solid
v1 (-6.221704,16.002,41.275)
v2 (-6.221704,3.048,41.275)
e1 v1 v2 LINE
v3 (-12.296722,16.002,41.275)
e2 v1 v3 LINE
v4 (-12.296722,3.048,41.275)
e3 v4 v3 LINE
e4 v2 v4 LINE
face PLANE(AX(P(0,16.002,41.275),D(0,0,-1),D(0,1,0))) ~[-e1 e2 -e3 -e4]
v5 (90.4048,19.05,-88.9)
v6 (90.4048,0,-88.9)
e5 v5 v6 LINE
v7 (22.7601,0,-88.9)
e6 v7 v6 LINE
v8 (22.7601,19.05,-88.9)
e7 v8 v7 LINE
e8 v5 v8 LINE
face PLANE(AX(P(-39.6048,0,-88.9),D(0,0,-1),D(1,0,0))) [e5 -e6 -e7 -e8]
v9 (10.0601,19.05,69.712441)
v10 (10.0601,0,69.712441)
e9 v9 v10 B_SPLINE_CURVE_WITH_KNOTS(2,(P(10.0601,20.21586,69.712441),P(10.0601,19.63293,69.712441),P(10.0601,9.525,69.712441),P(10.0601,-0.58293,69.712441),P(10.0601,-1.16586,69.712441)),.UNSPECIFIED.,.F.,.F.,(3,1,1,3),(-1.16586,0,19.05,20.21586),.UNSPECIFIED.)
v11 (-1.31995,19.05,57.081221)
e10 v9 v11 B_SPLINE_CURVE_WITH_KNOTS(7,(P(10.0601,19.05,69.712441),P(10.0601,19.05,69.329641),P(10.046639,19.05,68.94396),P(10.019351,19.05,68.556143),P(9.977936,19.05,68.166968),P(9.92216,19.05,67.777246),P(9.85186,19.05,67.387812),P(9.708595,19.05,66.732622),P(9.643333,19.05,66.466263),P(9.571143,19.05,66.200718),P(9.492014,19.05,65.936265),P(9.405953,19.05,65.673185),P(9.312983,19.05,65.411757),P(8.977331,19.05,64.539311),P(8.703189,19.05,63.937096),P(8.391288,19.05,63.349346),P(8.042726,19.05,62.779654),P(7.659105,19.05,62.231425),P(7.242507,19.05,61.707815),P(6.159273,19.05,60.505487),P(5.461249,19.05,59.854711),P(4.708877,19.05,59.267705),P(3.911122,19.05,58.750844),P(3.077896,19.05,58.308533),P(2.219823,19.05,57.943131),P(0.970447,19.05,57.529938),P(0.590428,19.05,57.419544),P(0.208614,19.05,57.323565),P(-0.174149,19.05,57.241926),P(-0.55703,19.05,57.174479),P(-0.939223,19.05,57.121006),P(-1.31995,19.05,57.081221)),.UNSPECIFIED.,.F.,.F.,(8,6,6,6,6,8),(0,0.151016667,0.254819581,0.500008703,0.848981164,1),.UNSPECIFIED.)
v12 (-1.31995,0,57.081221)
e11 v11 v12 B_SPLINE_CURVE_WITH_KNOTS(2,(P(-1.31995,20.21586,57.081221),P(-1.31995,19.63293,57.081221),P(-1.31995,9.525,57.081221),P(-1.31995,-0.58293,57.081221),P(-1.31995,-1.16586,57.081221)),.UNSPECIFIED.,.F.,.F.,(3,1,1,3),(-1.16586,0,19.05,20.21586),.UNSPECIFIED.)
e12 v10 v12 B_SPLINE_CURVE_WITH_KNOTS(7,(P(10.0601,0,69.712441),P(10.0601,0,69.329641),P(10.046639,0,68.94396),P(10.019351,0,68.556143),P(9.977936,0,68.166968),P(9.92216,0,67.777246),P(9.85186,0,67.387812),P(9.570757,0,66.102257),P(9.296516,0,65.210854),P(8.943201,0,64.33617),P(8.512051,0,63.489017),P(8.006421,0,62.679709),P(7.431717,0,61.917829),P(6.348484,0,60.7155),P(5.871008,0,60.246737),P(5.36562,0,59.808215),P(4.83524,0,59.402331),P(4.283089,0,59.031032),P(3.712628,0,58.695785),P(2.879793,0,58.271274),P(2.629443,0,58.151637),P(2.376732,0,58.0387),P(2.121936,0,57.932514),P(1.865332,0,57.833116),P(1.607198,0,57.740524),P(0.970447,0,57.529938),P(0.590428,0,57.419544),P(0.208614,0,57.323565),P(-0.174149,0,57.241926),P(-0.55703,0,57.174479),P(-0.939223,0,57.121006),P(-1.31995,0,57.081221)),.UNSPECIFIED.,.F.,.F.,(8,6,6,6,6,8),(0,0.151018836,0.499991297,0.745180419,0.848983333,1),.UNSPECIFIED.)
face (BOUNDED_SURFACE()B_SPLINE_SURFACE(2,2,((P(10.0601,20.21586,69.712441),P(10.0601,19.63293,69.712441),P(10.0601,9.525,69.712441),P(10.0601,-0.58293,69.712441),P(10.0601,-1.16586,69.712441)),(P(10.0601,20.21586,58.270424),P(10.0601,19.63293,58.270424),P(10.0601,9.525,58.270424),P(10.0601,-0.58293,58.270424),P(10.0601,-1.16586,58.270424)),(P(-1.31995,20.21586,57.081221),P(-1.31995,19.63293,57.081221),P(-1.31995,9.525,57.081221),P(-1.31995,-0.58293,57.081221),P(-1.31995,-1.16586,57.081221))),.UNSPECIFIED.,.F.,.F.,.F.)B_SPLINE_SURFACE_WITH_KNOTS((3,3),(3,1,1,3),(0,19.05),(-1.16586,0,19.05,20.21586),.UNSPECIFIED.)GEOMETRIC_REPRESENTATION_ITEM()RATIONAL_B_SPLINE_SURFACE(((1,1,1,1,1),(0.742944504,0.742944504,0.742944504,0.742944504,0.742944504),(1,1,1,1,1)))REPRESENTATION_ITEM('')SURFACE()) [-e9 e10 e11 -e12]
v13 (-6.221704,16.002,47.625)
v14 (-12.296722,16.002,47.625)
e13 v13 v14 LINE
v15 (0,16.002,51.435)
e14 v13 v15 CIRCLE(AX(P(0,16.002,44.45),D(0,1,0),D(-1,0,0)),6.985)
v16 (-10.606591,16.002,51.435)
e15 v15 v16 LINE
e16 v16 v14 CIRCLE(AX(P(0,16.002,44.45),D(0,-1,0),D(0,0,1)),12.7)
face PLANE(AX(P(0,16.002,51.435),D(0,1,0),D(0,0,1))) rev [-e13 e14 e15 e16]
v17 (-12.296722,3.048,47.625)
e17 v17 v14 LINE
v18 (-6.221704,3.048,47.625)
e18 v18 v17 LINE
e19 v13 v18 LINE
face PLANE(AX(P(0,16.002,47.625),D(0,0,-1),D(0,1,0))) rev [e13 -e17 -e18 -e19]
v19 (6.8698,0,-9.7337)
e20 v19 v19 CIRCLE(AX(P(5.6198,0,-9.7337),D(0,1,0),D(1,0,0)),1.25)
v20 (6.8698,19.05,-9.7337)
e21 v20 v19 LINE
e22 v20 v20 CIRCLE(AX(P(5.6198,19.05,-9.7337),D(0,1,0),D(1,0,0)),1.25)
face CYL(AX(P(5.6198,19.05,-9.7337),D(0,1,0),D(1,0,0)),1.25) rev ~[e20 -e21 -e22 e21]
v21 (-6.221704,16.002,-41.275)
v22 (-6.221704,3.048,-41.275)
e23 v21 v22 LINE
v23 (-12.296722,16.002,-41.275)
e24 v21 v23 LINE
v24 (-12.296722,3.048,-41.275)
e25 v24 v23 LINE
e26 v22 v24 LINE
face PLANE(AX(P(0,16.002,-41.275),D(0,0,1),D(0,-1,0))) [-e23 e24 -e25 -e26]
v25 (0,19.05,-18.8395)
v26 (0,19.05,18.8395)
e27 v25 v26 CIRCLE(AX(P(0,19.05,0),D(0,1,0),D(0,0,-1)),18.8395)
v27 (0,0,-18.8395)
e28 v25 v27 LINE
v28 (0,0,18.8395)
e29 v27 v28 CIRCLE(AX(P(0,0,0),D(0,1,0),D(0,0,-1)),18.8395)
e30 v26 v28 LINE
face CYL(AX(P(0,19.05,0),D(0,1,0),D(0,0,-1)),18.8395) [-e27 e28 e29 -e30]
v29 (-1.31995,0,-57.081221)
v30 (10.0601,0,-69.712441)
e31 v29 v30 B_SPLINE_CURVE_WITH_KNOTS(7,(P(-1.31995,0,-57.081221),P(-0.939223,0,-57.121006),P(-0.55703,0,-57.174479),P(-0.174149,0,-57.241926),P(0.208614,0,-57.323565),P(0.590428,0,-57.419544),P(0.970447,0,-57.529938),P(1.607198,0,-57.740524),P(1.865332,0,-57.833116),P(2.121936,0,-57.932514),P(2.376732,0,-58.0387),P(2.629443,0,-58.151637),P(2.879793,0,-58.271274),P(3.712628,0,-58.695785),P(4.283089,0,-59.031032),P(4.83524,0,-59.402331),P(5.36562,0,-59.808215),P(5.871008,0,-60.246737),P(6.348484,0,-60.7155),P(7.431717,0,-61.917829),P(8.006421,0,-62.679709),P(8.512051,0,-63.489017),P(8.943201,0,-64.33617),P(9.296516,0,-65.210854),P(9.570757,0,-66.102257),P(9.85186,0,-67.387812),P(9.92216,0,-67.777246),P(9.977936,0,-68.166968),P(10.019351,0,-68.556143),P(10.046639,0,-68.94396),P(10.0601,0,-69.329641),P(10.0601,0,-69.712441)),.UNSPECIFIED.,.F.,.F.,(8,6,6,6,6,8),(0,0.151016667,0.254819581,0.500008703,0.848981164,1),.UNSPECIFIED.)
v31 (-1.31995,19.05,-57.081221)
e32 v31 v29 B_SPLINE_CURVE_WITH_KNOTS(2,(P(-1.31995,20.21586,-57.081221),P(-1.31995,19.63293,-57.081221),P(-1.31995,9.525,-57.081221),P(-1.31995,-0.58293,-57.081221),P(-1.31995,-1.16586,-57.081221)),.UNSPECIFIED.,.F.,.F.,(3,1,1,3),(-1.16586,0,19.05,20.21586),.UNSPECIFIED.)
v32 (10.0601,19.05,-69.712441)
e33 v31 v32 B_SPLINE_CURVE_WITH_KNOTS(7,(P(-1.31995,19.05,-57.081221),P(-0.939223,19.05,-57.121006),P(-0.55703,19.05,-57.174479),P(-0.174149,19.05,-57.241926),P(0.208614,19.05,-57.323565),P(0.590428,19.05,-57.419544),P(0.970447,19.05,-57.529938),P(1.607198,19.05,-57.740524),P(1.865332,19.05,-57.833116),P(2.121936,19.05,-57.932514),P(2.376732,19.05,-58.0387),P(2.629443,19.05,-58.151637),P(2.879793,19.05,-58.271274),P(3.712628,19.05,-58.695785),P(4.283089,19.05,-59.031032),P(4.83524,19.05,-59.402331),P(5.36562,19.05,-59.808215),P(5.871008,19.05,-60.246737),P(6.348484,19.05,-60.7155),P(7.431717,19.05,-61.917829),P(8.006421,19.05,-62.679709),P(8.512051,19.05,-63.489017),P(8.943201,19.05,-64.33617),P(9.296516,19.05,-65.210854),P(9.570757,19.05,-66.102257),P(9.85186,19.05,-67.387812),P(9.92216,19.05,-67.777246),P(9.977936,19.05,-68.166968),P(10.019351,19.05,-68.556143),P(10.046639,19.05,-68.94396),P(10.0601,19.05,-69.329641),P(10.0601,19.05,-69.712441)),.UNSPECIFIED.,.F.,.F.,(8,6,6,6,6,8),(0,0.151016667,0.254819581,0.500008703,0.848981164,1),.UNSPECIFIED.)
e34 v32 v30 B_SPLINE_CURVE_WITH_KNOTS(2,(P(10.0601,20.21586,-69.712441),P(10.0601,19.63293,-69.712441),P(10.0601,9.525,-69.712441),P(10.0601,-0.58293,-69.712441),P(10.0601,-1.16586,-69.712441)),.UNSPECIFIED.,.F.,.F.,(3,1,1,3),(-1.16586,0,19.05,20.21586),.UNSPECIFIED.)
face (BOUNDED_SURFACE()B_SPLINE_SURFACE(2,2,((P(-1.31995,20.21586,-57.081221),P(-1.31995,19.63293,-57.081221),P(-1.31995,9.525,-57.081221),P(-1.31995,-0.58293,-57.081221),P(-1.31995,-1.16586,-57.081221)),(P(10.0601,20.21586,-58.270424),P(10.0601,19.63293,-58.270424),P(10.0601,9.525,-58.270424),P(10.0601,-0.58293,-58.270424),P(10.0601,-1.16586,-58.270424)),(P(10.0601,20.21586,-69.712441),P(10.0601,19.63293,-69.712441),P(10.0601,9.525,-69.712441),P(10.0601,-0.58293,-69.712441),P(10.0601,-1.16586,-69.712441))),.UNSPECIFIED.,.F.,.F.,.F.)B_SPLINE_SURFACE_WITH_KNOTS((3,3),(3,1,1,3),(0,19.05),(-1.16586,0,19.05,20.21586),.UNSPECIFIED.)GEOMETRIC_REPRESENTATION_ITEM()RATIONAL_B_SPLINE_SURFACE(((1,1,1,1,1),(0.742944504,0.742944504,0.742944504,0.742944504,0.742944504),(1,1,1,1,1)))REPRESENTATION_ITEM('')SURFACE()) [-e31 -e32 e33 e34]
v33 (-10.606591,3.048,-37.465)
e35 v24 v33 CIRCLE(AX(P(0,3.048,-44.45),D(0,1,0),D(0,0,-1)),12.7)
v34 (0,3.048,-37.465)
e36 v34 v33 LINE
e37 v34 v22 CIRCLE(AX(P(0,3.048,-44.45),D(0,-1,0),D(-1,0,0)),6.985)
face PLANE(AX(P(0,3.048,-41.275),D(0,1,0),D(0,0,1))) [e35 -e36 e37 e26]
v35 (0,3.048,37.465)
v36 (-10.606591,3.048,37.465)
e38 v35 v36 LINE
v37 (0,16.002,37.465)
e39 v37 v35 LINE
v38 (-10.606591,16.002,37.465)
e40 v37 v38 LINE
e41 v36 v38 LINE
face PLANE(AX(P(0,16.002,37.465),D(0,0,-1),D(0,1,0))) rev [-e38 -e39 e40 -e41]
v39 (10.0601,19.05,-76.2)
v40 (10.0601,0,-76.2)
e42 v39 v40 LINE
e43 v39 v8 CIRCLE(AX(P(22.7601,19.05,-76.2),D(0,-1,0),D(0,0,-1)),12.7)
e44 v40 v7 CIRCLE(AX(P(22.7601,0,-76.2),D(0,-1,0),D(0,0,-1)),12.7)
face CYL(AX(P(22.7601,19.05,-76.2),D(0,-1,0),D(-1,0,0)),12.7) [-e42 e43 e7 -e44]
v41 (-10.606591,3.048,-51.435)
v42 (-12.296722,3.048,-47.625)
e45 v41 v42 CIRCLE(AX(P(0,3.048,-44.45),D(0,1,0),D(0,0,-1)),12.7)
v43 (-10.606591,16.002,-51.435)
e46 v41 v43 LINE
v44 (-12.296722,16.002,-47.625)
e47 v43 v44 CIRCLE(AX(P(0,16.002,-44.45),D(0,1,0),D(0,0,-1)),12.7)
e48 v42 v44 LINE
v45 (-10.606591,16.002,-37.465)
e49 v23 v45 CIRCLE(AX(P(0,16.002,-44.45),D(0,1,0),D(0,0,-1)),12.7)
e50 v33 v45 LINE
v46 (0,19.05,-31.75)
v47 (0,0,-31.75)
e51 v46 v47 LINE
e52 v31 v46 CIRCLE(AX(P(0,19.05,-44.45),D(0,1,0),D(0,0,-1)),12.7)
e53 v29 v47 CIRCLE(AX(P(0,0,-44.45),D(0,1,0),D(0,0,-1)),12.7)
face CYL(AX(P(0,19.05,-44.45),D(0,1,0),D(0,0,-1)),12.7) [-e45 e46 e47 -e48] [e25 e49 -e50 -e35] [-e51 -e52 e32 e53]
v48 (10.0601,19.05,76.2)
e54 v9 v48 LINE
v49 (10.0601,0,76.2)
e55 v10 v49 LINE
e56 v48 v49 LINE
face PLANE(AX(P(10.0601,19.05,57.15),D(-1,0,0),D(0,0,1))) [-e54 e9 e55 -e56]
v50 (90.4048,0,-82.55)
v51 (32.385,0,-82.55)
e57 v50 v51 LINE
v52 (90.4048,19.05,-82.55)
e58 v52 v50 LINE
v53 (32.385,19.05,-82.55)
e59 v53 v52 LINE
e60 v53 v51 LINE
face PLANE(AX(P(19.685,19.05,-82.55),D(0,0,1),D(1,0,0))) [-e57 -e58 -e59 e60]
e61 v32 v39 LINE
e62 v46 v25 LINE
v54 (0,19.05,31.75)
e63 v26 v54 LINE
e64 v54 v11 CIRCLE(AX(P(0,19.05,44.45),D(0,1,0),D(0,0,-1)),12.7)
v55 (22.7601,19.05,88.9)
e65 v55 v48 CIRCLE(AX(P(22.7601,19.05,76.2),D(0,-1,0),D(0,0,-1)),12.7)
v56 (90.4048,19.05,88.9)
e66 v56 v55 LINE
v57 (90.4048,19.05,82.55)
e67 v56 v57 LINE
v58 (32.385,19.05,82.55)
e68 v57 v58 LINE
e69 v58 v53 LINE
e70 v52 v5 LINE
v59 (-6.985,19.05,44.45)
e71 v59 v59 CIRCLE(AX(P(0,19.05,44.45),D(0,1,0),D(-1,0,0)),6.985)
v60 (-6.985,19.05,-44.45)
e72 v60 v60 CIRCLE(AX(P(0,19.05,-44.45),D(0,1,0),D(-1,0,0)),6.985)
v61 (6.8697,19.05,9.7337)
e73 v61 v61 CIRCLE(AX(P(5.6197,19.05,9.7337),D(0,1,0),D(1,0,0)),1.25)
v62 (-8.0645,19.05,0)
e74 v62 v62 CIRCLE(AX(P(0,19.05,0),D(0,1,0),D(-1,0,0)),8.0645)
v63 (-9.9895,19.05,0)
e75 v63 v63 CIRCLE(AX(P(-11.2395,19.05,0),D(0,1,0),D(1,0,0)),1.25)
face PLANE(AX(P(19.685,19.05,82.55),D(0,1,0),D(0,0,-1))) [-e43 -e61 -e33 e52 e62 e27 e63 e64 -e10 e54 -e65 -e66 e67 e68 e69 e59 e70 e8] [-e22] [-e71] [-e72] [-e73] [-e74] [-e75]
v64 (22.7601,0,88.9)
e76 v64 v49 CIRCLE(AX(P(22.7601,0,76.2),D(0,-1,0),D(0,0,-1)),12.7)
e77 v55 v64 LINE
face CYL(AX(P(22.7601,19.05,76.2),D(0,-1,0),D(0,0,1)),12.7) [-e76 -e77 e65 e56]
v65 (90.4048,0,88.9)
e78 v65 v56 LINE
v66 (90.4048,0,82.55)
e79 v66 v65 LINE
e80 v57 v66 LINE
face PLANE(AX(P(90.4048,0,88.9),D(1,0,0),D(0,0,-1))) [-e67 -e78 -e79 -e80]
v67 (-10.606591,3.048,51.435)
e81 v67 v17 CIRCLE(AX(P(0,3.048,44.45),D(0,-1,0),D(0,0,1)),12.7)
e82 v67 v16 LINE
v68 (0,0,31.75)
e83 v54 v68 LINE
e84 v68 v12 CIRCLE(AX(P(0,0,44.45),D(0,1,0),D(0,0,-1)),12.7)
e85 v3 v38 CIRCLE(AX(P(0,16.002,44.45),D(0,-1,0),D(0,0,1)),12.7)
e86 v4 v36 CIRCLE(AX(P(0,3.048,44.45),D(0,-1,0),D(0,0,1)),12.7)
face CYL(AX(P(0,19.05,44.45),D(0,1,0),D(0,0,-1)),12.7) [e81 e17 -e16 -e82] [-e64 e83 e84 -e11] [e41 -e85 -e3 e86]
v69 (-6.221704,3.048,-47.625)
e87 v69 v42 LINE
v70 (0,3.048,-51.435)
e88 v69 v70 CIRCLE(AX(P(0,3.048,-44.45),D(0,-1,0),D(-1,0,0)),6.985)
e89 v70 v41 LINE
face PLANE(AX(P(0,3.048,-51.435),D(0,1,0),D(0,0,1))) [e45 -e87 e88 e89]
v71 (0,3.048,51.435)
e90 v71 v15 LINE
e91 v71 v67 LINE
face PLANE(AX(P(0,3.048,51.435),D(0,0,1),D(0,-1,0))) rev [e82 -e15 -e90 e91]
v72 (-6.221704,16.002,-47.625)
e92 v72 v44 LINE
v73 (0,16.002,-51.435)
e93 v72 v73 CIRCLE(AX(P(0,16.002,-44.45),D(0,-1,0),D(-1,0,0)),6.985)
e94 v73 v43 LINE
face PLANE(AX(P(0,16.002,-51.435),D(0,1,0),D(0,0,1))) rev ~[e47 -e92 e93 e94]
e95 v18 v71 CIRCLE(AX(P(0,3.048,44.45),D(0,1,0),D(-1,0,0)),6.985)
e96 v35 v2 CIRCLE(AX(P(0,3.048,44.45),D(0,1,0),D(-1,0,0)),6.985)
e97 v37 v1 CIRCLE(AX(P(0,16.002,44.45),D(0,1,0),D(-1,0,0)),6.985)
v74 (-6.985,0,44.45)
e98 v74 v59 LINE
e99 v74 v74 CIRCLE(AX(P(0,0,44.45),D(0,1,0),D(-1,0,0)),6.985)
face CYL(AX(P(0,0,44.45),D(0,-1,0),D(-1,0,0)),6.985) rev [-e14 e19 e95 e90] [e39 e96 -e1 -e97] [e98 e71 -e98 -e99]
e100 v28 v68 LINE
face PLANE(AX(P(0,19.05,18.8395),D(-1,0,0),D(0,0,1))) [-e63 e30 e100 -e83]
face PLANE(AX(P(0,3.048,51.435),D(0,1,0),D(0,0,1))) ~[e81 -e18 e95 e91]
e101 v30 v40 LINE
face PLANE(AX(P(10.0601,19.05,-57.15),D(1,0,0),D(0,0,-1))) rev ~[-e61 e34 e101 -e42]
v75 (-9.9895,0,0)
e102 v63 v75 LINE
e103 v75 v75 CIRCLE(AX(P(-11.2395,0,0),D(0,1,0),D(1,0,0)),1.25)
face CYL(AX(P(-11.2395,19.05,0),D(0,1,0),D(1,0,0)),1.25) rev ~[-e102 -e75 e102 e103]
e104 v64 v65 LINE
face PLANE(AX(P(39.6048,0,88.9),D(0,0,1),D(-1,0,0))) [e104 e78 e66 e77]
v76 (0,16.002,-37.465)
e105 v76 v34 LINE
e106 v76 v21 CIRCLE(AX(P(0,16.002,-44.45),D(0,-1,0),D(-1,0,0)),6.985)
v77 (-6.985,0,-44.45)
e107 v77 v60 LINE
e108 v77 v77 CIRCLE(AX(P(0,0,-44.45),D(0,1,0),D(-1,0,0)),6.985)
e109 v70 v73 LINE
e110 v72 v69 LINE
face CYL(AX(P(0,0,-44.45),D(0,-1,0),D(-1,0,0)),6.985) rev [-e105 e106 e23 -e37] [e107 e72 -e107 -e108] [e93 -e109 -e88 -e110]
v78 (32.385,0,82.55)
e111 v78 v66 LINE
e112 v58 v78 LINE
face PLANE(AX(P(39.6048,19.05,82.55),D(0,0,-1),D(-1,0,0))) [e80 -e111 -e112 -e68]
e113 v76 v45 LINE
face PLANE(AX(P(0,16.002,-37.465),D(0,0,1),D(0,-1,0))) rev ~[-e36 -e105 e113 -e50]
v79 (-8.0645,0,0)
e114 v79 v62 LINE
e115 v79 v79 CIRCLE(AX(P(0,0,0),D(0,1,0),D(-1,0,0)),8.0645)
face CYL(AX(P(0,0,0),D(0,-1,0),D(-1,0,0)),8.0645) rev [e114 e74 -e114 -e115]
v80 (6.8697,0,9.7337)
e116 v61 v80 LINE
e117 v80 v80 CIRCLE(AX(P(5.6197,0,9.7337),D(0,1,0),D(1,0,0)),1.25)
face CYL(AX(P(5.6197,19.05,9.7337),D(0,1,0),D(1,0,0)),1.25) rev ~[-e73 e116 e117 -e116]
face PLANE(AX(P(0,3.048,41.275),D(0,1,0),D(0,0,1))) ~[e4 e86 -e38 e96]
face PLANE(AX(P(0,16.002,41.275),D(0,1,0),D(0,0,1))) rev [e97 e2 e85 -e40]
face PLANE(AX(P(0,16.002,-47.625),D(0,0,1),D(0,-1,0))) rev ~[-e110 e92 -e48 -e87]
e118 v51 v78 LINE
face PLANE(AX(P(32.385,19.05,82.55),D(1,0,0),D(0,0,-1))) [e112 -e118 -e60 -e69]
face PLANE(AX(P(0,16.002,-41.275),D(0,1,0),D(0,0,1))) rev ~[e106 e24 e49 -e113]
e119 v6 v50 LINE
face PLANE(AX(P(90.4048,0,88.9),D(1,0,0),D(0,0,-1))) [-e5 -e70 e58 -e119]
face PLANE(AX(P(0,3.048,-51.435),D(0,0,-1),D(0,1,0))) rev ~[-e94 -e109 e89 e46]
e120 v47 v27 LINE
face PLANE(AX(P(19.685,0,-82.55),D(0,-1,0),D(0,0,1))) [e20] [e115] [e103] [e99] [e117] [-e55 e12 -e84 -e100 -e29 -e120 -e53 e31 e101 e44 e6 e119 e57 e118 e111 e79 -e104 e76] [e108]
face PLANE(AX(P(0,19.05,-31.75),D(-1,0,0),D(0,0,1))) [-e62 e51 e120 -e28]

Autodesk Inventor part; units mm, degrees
ref_plane "YZ Plane" through (0, 0, 0) normal (1, 0, 0) x (0, 1, 0)
sketch "Sketch1" plane through (0, 0, 0) normal (0, 1, 0) x (-1, 0, 0)
  circle A0 centre (0, 0) radius 8.0645
  circle A1 centre (0, -44.45) radius 6.985
  circle A2 centre (0, 44.45) radius 6.985
  line L0 (-39.6048, 88.9) -> (39.6048, 88.9)
  line L1 (39.6048, 88.9) -> (39.6048, -88.9)
  line L2 (39.6048, -88.9) -> (-39.6048, -88.9)
  line L3 (-39.6048, -88.9) -> (-39.6048, 88.9)
  line L4 (-39.6048, 88.9) -> (39.6048, -88.9) construction
  line L5 (39.6048, 88.9) -> (-39.6048, -88.9) construction
  line L6 (10.9754, 63.5) -> (10.9754, 0) construction
  point P0 (0, 0)
  point P1 (0, 0)
  dimension "d0" = 16.129
  dimension "d1" = 13.97
  dimension "d2" = 13.97
  dimension "d28" = 177.8
  dimension "d82" = 44.45
  dimension "d83" = 44.45
extrude "Extrusion4" add sketch "Sketch1" along normal blind 19.05
ref_plane "Work Plane2" through (0, 19.05, 0) normal (0, 1, 0) x (1, 0, 0)
sketch "Sketch2" plane through (0, 19.05, 0) normal (0, 1, 0) x (1, 0, 0)
  circle A0 centre (-11.2395, 0) radius 1.25
  circle A1 centre (0, 0) radius 7.94 projected
  circle A2 centre (5.6197, -9.7337) radius 1.25
  circle A3 centre (5.6198, 9.7337) radius 1.25
  dimension "d11" = 2.5
  dimension "d12" = 11.2395
  dimension "d15" = 360
ref_plane "Work Plane1" through (0, 19.05, 0) normal (0, 1, 0) x (1, 0, 0)
extrude "Extrusion5" cut sketch "Sketch2" against normal up to next contours A0 | A2 | A3
sketch "Sketch6" plane through (0, 19.05, 0) normal (0, 1, 0) x (1, 0, 0)
  circle A0 centre (0, 0) radius 8.0645 projected
  arc A1 (0, 18.8395) -> (0, -18.8395) centre (0, 0) ccw
  circle A2 centre (-11.2395, 0) radius 1.25 projected
  circle A3 centre (0, -44.45) radius 6.985 projected
  circle A4 centre (0, -44.45) radius 6.985 projected
  arc A5 (0, -31.75) -> (0, -57.15) centre (0, -44.45) ccw
  line L0 (54.9709, 0) -> (-46.1054, 0) construction
  arc A6 (0, 57.15) -> (0, 31.75) centre (0, 44.45) ccw
  line L1 (10.0601, -57.15) -> (10.0601, -88.9)
  line L2 (10.0601, -88.9) -> (-39.6048, -88.9)
  line L3 (-39.6048, 88.9) -> (-39.6048, -88.9) projected
  line L4 (-39.6048, -88.9) -> (-39.6048, 88.9)
  line L5 (-39.6048, 88.9) -> (10.0601, 88.9)
  line L6 (10.0601, 57.15) -> (10.0601, 88.9)
  line L7 (0, 57.15) -> (10.0601, 57.15)
  line L8 (0, 31.75) -> (0, 18.8395)
  line L9 (0, -18.8395) -> (0, -31.75)
  line L10 (10.0601, -57.15) -> (0, -57.15)
  point P0 (0, 0)
  dimension "d77" = 6.35
  dimension "d103" = 12.7
sketch "Sketch12" plane through (0, 19.05, 0) normal (0, 1, 0) x (1, 0, 0)
  line L0 (39.6048, -88.9) -> (39.6048, 88.9) projected
  line L1 (39.6048, -82.55) -> (19.685, -82.55)
  line L2 (19.685, -82.55) -> (19.685, 82.55)
  line L3 (19.685, 82.55) -> (39.6048, 82.55)
  line L4 (39.6048, 82.55) -> (39.6048, -82.55)
  line L5 (39.6048, 88.9) -> (-39.6048, 88.9) projected
  line L6 (-39.6048, -88.9) -> (39.6048, -88.9) projected
  circle A0 centre (0, -44.45) radius 6.985 projected
  point P0 (0, 0)
  point P1 (12.7, 88.9)
  point P2 (12.7, -88.9)
  point P3 (0, 88.9)
  point P4 (10.0601, 88.9)
  point P5 (10.0601, -88.9)
  dimension "d72" = 6.35
  dimension "d73" = 6.35
  dimension "d74" = 12.7
extrude "Extrusion10" cut sketch "Sketch12" against normal up to next contours L1 L2 L3 L0
sketch "Sketch13" plane through (39.6048, 0, 88.9) normal (1, 0, 0) x (0, 0, -1)
  line L0 (0, 0) -> (0, 19.05) projected
  line L1 (171.45, 0) -> (6.35, 0) projected
  line L2 (0, 19.05) -> (6.35, 19.05)
  line L3 (6.35, 19.05) -> (6.35, 0)
  line L4 (6.35, 0) -> (0, 0)
  line L5 (0, 0) -> (0, 19.05)
  line L6 (171.45, 19.05) -> (171.45, 0) projected
  line L7 (177.8, 19.05) -> (177.8, 0) projected
  line L8 (171.45, 19.05) -> (177.8, 19.05)
  line L9 (177.8, 19.05) -> (177.8, 0)
  line L10 (177.8, 0) -> (171.45, 0)
  line L11 (171.45, 0) -> (171.45, 19.05)
  point P0 (88.9, 0)
extrude "Extrusion11" add sketch "Sketch13" along normal blind 50.8
sketch "Sketch14" plane through (19.685, 19.05, 82.55) normal (1, 0, 0) x (0, 0, -1)
  line L0 (0, 0) -> (0, -19.05) projected
  line L1 (165.1, -19.05) -> (0, -19.05) projected
  line L2 (0, 0) -> (165.1, 0)
  line L3 (165.1, 0) -> (165.1, -19.05)
  line L4 (165.1, -19.05) -> (0, -19.05)
  line L5 (0, -19.05) -> (0, 0)
  point P0 (82.55, -19.05)
extrude "Extrusion12" add sketch "Sketch14" along normal blind 12.7
extrude "Extrusion14" cut sketch "Sketch6" against normal up to next contours A1 L9 A5 L10 L1 L2 L3 L5 L6 L7 A6 L8
sketch "Sketch16" plane through (0, 19.05, -31.75) normal (-1, 0, 0) x (0, 0, 1)
  line L0 (-15.875, -3.048) -> (-15.875, -16.002)
  line L1 (-19.685, -16.002) -> (-19.685, -3.048)
  line L2 (-19.685, -3.048) -> (-15.875, -3.048)
  line L3 (-9.525, -3.048) -> (-5.715, -3.048)
  line L4 (-19.685, -16.002) -> (-15.875, -16.002)
  line L5 (-9.525, -16.002) -> (-5.715, -16.002)
  line L6 (-5.715, -3.048) -> (-5.715, -16.002)
  line L7 (-9.525, -3.048) -> (-9.525, -16.002)
  point P0 (31.75, -19.05)
  dimension "d106" = 3.81
  dimension "d112" = 3.81
extrude "Extrusion15" cut sketch "Sketch16" along normal up to next
mirror "Mirror3" about plane through (0, 0, 0) normal (0, 0, 1) of "Extrusion15"
fillet "Fillet8" radius 12.7 4 edges at (10.0601, 9.525, 57.15) (10.0601, 9.525, 88.9) (10.0601, 9.525, -88.9) (10.0601, 9.525, -57.15)
properties part number "AlteredPlatform"
